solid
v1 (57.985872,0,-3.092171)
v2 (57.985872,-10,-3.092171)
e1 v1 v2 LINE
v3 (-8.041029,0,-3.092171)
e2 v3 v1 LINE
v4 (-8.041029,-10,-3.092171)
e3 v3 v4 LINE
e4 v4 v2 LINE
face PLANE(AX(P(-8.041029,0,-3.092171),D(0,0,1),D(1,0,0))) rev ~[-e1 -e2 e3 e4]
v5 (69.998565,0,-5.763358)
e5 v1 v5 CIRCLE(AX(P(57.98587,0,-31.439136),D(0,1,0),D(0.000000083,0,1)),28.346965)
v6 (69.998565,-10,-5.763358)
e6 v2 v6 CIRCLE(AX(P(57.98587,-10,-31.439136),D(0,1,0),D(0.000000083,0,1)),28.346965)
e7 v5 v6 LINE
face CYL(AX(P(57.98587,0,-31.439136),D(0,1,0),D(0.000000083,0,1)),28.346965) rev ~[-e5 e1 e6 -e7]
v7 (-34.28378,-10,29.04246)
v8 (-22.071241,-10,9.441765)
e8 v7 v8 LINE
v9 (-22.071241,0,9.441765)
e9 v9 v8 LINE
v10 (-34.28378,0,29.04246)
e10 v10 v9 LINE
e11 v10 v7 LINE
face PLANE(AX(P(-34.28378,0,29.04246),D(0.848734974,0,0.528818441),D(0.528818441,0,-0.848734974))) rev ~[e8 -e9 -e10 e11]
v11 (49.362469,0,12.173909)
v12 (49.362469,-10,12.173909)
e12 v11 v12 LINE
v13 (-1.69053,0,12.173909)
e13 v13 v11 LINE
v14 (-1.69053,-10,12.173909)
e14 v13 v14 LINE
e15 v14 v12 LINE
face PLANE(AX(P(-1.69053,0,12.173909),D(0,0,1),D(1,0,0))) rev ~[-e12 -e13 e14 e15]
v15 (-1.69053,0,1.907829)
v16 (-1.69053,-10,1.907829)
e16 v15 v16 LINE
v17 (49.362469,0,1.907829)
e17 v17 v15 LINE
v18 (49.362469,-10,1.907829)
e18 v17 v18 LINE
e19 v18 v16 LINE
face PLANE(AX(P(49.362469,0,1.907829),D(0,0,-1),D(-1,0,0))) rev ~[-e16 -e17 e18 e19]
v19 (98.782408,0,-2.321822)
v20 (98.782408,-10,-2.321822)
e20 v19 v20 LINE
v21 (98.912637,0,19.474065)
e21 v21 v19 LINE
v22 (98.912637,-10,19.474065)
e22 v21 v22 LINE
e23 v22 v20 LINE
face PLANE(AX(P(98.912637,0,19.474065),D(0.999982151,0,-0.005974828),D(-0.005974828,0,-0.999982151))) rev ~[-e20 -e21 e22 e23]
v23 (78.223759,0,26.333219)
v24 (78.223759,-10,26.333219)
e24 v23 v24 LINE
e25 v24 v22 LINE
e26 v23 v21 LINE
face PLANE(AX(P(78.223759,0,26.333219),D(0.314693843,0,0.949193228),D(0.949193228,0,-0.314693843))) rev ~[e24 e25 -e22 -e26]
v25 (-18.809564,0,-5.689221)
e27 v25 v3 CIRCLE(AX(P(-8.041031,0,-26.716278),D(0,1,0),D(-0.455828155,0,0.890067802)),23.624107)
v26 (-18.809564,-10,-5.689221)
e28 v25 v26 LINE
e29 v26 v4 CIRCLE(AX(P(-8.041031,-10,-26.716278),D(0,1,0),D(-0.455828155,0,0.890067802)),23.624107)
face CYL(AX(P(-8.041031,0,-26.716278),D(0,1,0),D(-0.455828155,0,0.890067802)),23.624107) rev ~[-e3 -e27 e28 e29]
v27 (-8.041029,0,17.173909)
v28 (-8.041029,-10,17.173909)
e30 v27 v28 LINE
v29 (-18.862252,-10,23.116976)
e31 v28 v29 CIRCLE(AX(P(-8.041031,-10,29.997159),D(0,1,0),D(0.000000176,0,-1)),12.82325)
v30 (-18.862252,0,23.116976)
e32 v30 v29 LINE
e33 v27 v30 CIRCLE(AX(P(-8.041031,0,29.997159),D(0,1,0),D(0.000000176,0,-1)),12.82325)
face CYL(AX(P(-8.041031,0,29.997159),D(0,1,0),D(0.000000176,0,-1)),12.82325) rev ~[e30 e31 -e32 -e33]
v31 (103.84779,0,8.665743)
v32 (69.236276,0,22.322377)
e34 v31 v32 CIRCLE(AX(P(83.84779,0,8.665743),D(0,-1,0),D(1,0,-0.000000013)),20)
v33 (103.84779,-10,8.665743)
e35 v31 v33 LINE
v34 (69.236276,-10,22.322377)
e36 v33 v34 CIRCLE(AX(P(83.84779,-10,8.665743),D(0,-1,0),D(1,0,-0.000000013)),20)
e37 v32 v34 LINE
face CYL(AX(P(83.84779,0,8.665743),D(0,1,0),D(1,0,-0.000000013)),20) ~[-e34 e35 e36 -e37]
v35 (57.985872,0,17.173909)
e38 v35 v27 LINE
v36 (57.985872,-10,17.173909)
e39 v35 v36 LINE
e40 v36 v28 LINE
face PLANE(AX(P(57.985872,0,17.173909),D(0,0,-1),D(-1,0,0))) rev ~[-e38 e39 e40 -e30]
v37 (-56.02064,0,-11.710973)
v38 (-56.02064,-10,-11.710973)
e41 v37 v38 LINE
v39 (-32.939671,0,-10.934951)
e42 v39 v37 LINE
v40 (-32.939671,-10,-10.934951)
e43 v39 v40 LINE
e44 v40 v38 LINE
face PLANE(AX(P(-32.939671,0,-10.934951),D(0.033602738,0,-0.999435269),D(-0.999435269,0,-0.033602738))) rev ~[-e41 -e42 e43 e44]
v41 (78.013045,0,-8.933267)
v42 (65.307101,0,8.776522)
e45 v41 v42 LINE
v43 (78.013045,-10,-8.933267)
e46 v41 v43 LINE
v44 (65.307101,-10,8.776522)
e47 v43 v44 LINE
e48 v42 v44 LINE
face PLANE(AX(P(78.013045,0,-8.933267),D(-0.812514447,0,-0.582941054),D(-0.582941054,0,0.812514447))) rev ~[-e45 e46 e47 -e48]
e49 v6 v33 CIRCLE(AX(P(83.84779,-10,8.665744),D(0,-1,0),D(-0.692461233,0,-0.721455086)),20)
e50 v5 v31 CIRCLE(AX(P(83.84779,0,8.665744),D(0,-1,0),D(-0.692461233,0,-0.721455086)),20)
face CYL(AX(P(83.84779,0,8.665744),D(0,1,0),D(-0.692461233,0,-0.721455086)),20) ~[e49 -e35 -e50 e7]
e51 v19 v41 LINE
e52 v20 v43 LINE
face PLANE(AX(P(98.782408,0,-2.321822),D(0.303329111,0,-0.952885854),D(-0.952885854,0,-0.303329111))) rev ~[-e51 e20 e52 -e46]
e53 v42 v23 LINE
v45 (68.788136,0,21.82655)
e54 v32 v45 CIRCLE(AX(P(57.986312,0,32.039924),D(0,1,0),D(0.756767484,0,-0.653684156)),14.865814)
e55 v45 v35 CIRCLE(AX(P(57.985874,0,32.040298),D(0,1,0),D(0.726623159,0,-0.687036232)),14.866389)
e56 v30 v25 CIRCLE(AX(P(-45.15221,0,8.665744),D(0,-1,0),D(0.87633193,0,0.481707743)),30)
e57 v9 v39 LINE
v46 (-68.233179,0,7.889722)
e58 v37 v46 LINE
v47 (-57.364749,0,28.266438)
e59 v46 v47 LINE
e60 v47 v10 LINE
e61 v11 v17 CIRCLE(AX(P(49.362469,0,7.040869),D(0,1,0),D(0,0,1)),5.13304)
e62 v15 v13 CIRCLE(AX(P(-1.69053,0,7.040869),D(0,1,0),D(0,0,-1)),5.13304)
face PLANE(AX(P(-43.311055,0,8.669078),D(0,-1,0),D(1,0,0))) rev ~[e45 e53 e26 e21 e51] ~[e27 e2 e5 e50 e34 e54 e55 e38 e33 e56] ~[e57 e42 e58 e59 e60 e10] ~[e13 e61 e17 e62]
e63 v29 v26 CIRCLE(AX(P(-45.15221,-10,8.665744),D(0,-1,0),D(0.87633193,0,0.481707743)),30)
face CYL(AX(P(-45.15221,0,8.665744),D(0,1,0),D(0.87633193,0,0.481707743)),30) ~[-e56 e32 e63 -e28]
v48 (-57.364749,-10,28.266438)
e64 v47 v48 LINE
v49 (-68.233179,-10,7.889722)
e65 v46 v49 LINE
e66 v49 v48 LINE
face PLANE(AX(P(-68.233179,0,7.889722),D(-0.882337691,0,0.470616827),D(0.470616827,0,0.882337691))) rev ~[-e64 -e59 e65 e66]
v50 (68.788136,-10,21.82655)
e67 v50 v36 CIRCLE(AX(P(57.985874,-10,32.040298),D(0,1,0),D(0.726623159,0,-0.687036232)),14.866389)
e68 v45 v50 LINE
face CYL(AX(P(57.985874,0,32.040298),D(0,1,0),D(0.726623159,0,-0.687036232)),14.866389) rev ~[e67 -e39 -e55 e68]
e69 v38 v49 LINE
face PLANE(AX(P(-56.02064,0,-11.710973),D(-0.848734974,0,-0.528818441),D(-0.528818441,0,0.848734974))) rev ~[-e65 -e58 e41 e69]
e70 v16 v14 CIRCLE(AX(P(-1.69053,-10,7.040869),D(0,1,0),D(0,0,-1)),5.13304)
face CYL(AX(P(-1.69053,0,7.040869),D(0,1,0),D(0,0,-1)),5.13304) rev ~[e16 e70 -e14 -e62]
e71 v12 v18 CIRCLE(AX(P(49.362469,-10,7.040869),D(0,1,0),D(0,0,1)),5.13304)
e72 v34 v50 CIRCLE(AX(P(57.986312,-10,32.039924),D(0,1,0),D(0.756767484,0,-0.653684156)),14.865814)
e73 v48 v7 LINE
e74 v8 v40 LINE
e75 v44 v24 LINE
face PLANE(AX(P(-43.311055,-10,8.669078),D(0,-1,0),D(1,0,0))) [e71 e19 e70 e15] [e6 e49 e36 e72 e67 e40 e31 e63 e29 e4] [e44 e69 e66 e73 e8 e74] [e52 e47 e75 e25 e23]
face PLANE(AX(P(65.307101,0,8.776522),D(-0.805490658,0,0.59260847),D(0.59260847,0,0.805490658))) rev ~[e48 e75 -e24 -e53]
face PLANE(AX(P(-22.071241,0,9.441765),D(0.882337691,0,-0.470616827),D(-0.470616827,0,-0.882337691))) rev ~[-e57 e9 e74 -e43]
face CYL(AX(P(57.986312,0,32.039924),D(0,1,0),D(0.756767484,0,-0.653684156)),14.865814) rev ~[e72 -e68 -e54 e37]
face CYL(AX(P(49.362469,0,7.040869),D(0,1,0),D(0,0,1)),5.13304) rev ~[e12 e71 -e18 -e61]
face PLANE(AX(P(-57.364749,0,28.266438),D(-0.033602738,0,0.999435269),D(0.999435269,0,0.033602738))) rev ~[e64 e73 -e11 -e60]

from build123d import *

# Parameters (mm, degrees)
F1_DEPTH = 10


with BuildPart() as f1:
    # F0 (on Front) → F1 (new body)
    with BuildSketch(Plane.XZ):
        with BuildLine():
            ThreePointArc((-18.809564, -5.689221), (-16.080924, 1.258969), (-15.15221, 8.665743))
            ThreePointArc((-15.15221, 8.665743), (-16.09452, 16.125679), (-18.862252, 23.116976))
            ThreePointArc((-18.862252, 23.116976), (-75.15216, 8.610871), (-18.809564, -5.689221))
        make_face()
        Polygon((-57.364749, 28.266438), (-34.28378, 29.04246), (-22.071241, 9.441765), (-32.939671, -10.934951), (-56.02064, -11.710973), (-68.233179, 7.889722), align=None, mode=Mode.SUBTRACT)
        with BuildLine():
            ThreePointArc((-18.862252, 23.116976), (-16.09452, 16.125679), (-15.15221, 8.665743))
            ThreePointArc((-15.15221, 8.665743), (-16.080924, 1.258969), (-18.809564, -5.689221))
            ThreePointArc((-18.809564, -5.689221), (-13.579666, -3.750609), (-8.041029, -3.092171))
            Line((-8.041029, -3.092171), (57.985872, -3.092171))
            ThreePointArc((57.985872, -3.092171), (64.138921, -3.768025), (69.998565, -5.763358))
            ThreePointArc((69.998565, -5.763358), (63.86701, 7.789143), (68.788136, 21.82655))
            ThreePointArc((68.788136, 21.82655), (63.866688, 18.386524), (57.985872, 17.173909))
            Line((57.985872, 17.173909), (-8.041029, 17.173909))
            ThreePointArc((-8.041029, 17.173909), (-14.213932, 18.757451), (-18.862252, 23.116976))
        make_face()
        with BuildLine():
            ThreePointArc((-1.69053, 1.907829), (-6.82357, 7.040869), (-1.69053, 12.173909))
            Line((-1.69053, 12.173909), (49.362469, 12.173909))
            ThreePointArc((49.362469, 12.173909), (54.495509, 7.040869), (49.362469, 1.907829))
            Line((49.362469, 1.907829), (-1.69053, 1.907829))
        make_face(mode=Mode.SUBTRACT)
        with BuildLine():
            ThreePointArc((69.236276, 22.322377), (69.014993, 22.071945), (68.788136, 21.82655))
            ThreePointArc((68.788136, 21.82655), (63.86701, 7.789143), (69.998565, -5.763358))
            ThreePointArc((69.998565, -5.763358), (91.690478, -9.732415), (103.84779, 8.665743))
            ThreePointArc((103.84779, 8.665743), (91.188421, 27.269913), (69.236276, 22.322377))
        make_face()
        Polygon((65.307101, 8.776522), (78.223759, 26.333219), (98.912637, 19.474065), (98.782408, -2.321822), (78.013045, -8.933267), align=None, mode=Mode.SUBTRACT)
    extrude(amount=F1_DEPTH)


solid = f1.part
